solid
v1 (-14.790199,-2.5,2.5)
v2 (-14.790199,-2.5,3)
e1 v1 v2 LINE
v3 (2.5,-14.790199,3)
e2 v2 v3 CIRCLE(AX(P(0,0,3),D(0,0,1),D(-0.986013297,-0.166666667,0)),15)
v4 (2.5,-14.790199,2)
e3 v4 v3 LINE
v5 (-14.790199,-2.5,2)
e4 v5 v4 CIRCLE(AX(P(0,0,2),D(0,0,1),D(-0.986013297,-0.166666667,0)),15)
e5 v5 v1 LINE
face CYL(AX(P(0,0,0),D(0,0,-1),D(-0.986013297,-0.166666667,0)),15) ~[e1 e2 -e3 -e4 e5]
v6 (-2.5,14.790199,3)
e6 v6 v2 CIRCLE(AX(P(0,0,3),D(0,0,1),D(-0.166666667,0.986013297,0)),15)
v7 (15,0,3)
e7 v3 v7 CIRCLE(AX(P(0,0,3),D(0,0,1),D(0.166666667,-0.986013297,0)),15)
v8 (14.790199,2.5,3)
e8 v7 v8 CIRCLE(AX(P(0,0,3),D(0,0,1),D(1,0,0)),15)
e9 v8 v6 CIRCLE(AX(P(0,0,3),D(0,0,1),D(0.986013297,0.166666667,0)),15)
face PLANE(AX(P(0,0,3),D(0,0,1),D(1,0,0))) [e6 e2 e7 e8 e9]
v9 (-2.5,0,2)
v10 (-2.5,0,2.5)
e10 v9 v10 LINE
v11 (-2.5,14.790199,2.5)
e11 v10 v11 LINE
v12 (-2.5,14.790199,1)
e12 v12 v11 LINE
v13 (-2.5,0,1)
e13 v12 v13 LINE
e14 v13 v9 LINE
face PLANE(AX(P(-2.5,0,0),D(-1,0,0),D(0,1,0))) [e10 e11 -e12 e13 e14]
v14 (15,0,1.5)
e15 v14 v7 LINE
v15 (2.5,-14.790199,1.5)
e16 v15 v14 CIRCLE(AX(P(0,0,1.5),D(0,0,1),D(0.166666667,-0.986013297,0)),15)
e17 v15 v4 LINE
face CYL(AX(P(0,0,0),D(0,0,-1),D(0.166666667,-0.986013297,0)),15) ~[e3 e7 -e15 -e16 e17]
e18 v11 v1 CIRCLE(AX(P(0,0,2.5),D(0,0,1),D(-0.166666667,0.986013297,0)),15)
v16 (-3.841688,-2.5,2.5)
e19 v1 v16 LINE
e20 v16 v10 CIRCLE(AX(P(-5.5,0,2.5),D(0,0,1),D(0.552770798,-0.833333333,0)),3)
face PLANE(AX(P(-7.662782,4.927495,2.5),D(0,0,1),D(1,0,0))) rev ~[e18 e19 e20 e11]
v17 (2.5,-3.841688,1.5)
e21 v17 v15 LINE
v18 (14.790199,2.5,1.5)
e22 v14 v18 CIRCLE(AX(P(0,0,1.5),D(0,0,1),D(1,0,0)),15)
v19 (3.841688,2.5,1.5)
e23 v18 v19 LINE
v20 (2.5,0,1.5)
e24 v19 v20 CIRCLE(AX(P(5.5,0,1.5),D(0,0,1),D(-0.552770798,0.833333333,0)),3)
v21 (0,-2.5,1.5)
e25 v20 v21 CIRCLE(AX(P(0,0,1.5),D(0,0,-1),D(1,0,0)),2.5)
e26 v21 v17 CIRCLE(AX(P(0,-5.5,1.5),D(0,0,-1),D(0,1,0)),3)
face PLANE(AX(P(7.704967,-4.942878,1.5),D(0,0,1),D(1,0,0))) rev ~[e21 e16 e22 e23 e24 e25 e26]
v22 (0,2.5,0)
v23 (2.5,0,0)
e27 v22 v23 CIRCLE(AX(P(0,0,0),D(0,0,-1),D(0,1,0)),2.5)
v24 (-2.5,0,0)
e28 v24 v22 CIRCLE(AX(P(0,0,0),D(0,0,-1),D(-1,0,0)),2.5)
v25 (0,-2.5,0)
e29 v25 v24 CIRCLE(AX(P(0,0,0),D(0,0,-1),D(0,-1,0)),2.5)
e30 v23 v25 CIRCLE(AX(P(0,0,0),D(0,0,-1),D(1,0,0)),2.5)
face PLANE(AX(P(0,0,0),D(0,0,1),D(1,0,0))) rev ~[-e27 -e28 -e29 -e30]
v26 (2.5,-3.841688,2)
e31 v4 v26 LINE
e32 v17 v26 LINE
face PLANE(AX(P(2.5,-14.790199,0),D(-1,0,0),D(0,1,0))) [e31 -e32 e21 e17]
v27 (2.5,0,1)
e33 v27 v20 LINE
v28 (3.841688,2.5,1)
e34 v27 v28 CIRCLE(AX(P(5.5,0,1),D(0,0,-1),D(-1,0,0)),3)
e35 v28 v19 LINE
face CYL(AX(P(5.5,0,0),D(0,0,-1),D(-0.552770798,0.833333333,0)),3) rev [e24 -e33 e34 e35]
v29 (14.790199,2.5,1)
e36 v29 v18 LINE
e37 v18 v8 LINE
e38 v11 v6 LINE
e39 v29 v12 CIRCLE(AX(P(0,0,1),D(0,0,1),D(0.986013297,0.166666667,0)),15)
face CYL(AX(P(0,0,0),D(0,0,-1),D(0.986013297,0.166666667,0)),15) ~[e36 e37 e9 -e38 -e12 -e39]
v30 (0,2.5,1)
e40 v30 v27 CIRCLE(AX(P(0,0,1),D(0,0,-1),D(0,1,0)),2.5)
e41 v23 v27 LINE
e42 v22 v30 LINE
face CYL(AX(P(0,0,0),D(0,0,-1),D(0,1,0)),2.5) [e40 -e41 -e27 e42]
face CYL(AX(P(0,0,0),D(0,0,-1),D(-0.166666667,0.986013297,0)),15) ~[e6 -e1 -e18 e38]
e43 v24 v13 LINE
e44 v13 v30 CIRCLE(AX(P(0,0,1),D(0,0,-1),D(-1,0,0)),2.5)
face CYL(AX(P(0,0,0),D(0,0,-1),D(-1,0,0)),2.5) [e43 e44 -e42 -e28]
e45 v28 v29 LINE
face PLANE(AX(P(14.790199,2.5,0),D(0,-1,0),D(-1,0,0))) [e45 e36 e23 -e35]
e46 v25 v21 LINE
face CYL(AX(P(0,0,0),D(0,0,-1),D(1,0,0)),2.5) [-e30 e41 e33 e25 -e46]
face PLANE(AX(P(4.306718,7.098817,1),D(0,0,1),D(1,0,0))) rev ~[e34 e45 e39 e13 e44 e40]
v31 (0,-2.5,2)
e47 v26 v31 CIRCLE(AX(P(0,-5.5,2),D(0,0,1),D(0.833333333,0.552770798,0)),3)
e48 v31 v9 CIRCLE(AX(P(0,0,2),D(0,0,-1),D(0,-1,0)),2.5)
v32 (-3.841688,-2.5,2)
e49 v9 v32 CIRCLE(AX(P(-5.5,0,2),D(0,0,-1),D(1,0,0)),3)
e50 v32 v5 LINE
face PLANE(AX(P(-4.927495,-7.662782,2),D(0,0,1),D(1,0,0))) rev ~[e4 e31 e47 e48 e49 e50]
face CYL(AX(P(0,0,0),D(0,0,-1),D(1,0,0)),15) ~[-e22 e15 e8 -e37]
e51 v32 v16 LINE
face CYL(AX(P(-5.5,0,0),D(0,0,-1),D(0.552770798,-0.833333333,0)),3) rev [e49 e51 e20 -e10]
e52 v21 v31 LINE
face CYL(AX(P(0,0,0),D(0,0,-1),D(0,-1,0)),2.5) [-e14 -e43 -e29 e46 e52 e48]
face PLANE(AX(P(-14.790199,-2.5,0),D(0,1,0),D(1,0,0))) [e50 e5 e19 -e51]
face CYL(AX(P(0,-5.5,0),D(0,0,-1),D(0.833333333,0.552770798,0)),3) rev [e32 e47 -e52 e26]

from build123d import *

# Parameters (mm, degrees)
F1_DEPTH = 3
F2_DEPTH = 2.5
F3_DEPTH = 2
F4_DEPTH = 1.5
F5_DEPTH = 1


with BuildPart() as f1:
    # F0 (on Top) → F1 (new body)
    with BuildSketch(Plane.XY):
        with BuildLine():
            ThreePointArc((0, 2.5), (-1.767766953, 1.767766953), (-2.5, 0))
            ThreePointArc((-2.5, 0), (-1.767766953, -1.767766953), (0, -2.5))
            ThreePointArc((0, -2.5), (1.767766953, -1.767766953), (2.5, 0))
            ThreePointArc((2.5, 0), (1.767766953, 1.767766953), (0, 2.5))
        make_face()
        with BuildLine():
            Line((-2.5, 0), (-2.5, 14.7901994577))
            ThreePointArc((-2.5, 14.7901994577), (-12.2260172846, 8.6904833787), (-14.7901994577, -2.5))
            Line((-14.7901994577, -2.5), (-3.8416876048, -2.5))
            ThreePointArc((-3.8416876048, -2.5), (-2.8566179631, -1.4186371655), (-2.5, 0))
        make_face()
        with BuildLine():
            Line((3.8416876048, 2.5), (14.7901994577, 2.5))
            ThreePointArc((14.7901994577, 2.5), (8.6904833787, 12.2260172846), (-2.5, 14.7901994577))
            Line((-2.5, 14.7901994577), (-2.5, 0))
            ThreePointArc((-2.5, 0), (-1.767766953, 1.767766953), (0, 2.5))
            Line((0, 2.5), (3.8416876048, 2.5))
        make_face()
        with BuildLine():
            ThreePointArc((2.5, 0), (2.8566179631, 1.4186371655), (3.8416876048, 2.5))
            Line((3.8416876048, 2.5), (0, 2.5))
            ThreePointArc((0, 2.5), (1.767766953, 1.767766953), (2.5, 0))
        make_face()
        with BuildLine():
            ThreePointArc((2.5, -14.7901994577), (11.4564392374, -9.6824583655), (15, 0))
            ThreePointArc((15, 0), (14.9474578418, 1.2543939042), (14.7901994577, 2.5))
            Line((14.7901994577, 2.5), (3.8416876048, 2.5))
            ThreePointArc((3.8416876048, 2.5), (2.8566179631, 1.4186371655), (2.5, 0))
            Line((2.5, 0), (2.5, -3.8416876048))
            Line((2.5, -3.8416876048), (2.5, -14.7901994577))
        make_face()
        with BuildLine():
            ThreePointArc((0, -2.5), (1.4186371655, -2.8566179631), (2.5, -3.8416876048))
            Line((2.5, -3.8416876048), (2.5, 0))
            ThreePointArc((2.5, 0), (1.767766953, -1.767766953), (0, -2.5))
        make_face()
        with BuildLine():
            ThreePointArc((-14.7901994577, -2.5), (-8.6904833787, -12.2260172846), (2.5, -14.7901994577))
            Line((2.5, -14.7901994577), (2.5, -3.8416876048))
            ThreePointArc((2.5, -3.8416876048), (1.4186371655, -2.8566179631), (0, -2.5))
            Line((0, -2.5), (-3.8416876048, -2.5))
            Line((-3.8416876048, -2.5), (-14.7901994577, -2.5))
        make_face()
        with BuildLine():
            ThreePointArc((0, -2.5), (-1.767766953, -1.767766953), (-2.5, 0))
            ThreePointArc((-2.5, 0), (-2.8566179631, -1.4186371655), (-3.8416876048, -2.5))
            Line((-3.8416876048, -2.5), (0, -2.5))
        make_face()
    extrude(amount=F1_DEPTH)

    # F0 (on Top) → F2 (cut)
    with BuildSketch(Plane.XY):
        with BuildLine():
            Line((-2.5, 0), (-2.5, 14.7901994577))
            ThreePointArc((-2.5, 14.7901994577), (-12.2260172846, 8.6904833787), (-14.7901994577, -2.5))
            Line((-14.7901994577, -2.5), (-3.8416876048, -2.5))
            ThreePointArc((-3.8416876048, -2.5), (-2.8566179631, -1.4186371655), (-2.5, 0))
        make_face()
    extrude(amount=F2_DEPTH, mode=Mode.SUBTRACT)

    # F0 (on Top) → F3 (cut)
    with BuildSketch(Plane.XY):
        with BuildLine():
            ThreePointArc((-14.7901994577, -2.5), (-8.6904833787, -12.2260172846), (2.5, -14.7901994577))
            Line((2.5, -14.7901994577), (2.5, -3.8416876048))
            ThreePointArc((2.5, -3.8416876048), (1.4186371655, -2.8566179631), (0, -2.5))
            Line((0, -2.5), (-3.8416876048, -2.5))
            Line((-3.8416876048, -2.5), (-14.7901994577, -2.5))
        make_face()
        with BuildLine():
            ThreePointArc((0, -2.5), (-1.767766953, -1.767766953), (-2.5, 0))
            ThreePointArc((-2.5, 0), (-2.8566179631, -1.4186371655), (-3.8416876048, -2.5))
            Line((-3.8416876048, -2.5), (0, -2.5))
        make_face()
    extrude(amount=F3_DEPTH, mode=Mode.SUBTRACT)

    # F0 (on Top) → F4 (cut)
    with BuildSketch(Plane.XY):
        with BuildLine():
            ThreePointArc((2.5, -14.7901994577), (11.4564392374, -9.6824583655), (15, 0))
            ThreePointArc((15, 0), (14.9474578418, 1.2543939042), (14.7901994577, 2.5))
            Line((14.7901994577, 2.5), (3.8416876048, 2.5))
            ThreePointArc((3.8416876048, 2.5), (2.8566179631, 1.4186371655), (2.5, 0))
            Line((2.5, 0), (2.5, -3.8416876048))
            Line((2.5, -3.8416876048), (2.5, -14.7901994577))
        make_face()
        with BuildLine():
            ThreePointArc((0, -2.5), (1.4186371655, -2.8566179631), (2.5, -3.8416876048))
            Line((2.5, -3.8416876048), (2.5, 0))
            ThreePointArc((2.5, 0), (1.767766953, -1.767766953), (0, -2.5))
        make_face()
    extrude(amount=F4_DEPTH, mode=Mode.SUBTRACT)

    # F0 (on Top) → F5 (cut)
    with BuildSketch(Plane.XY):
        with BuildLine():
            Line((3.8416876048, 2.5), (14.7901994577, 2.5))
            ThreePointArc((14.7901994577, 2.5), (8.6904833787, 12.2260172846), (-2.5, 14.7901994577))
            Line((-2.5, 14.7901994577), (-2.5, 0))
            ThreePointArc((-2.5, 0), (-1.767766953, 1.767766953), (0, 2.5))
            Line((0, 2.5), (3.8416876048, 2.5))
        make_face()
        with BuildLine():
            ThreePointArc((2.5, 0), (2.8566179631, 1.4186371655), (3.8416876048, 2.5))
            Line((3.8416876048, 2.5), (0, 2.5))
            ThreePointArc((0, 2.5), (1.767766953, 1.767766953), (2.5, 0))
        make_face()
    extrude(amount=F5_DEPTH, mode=Mode.SUBTRACT)


solid = f1.part
